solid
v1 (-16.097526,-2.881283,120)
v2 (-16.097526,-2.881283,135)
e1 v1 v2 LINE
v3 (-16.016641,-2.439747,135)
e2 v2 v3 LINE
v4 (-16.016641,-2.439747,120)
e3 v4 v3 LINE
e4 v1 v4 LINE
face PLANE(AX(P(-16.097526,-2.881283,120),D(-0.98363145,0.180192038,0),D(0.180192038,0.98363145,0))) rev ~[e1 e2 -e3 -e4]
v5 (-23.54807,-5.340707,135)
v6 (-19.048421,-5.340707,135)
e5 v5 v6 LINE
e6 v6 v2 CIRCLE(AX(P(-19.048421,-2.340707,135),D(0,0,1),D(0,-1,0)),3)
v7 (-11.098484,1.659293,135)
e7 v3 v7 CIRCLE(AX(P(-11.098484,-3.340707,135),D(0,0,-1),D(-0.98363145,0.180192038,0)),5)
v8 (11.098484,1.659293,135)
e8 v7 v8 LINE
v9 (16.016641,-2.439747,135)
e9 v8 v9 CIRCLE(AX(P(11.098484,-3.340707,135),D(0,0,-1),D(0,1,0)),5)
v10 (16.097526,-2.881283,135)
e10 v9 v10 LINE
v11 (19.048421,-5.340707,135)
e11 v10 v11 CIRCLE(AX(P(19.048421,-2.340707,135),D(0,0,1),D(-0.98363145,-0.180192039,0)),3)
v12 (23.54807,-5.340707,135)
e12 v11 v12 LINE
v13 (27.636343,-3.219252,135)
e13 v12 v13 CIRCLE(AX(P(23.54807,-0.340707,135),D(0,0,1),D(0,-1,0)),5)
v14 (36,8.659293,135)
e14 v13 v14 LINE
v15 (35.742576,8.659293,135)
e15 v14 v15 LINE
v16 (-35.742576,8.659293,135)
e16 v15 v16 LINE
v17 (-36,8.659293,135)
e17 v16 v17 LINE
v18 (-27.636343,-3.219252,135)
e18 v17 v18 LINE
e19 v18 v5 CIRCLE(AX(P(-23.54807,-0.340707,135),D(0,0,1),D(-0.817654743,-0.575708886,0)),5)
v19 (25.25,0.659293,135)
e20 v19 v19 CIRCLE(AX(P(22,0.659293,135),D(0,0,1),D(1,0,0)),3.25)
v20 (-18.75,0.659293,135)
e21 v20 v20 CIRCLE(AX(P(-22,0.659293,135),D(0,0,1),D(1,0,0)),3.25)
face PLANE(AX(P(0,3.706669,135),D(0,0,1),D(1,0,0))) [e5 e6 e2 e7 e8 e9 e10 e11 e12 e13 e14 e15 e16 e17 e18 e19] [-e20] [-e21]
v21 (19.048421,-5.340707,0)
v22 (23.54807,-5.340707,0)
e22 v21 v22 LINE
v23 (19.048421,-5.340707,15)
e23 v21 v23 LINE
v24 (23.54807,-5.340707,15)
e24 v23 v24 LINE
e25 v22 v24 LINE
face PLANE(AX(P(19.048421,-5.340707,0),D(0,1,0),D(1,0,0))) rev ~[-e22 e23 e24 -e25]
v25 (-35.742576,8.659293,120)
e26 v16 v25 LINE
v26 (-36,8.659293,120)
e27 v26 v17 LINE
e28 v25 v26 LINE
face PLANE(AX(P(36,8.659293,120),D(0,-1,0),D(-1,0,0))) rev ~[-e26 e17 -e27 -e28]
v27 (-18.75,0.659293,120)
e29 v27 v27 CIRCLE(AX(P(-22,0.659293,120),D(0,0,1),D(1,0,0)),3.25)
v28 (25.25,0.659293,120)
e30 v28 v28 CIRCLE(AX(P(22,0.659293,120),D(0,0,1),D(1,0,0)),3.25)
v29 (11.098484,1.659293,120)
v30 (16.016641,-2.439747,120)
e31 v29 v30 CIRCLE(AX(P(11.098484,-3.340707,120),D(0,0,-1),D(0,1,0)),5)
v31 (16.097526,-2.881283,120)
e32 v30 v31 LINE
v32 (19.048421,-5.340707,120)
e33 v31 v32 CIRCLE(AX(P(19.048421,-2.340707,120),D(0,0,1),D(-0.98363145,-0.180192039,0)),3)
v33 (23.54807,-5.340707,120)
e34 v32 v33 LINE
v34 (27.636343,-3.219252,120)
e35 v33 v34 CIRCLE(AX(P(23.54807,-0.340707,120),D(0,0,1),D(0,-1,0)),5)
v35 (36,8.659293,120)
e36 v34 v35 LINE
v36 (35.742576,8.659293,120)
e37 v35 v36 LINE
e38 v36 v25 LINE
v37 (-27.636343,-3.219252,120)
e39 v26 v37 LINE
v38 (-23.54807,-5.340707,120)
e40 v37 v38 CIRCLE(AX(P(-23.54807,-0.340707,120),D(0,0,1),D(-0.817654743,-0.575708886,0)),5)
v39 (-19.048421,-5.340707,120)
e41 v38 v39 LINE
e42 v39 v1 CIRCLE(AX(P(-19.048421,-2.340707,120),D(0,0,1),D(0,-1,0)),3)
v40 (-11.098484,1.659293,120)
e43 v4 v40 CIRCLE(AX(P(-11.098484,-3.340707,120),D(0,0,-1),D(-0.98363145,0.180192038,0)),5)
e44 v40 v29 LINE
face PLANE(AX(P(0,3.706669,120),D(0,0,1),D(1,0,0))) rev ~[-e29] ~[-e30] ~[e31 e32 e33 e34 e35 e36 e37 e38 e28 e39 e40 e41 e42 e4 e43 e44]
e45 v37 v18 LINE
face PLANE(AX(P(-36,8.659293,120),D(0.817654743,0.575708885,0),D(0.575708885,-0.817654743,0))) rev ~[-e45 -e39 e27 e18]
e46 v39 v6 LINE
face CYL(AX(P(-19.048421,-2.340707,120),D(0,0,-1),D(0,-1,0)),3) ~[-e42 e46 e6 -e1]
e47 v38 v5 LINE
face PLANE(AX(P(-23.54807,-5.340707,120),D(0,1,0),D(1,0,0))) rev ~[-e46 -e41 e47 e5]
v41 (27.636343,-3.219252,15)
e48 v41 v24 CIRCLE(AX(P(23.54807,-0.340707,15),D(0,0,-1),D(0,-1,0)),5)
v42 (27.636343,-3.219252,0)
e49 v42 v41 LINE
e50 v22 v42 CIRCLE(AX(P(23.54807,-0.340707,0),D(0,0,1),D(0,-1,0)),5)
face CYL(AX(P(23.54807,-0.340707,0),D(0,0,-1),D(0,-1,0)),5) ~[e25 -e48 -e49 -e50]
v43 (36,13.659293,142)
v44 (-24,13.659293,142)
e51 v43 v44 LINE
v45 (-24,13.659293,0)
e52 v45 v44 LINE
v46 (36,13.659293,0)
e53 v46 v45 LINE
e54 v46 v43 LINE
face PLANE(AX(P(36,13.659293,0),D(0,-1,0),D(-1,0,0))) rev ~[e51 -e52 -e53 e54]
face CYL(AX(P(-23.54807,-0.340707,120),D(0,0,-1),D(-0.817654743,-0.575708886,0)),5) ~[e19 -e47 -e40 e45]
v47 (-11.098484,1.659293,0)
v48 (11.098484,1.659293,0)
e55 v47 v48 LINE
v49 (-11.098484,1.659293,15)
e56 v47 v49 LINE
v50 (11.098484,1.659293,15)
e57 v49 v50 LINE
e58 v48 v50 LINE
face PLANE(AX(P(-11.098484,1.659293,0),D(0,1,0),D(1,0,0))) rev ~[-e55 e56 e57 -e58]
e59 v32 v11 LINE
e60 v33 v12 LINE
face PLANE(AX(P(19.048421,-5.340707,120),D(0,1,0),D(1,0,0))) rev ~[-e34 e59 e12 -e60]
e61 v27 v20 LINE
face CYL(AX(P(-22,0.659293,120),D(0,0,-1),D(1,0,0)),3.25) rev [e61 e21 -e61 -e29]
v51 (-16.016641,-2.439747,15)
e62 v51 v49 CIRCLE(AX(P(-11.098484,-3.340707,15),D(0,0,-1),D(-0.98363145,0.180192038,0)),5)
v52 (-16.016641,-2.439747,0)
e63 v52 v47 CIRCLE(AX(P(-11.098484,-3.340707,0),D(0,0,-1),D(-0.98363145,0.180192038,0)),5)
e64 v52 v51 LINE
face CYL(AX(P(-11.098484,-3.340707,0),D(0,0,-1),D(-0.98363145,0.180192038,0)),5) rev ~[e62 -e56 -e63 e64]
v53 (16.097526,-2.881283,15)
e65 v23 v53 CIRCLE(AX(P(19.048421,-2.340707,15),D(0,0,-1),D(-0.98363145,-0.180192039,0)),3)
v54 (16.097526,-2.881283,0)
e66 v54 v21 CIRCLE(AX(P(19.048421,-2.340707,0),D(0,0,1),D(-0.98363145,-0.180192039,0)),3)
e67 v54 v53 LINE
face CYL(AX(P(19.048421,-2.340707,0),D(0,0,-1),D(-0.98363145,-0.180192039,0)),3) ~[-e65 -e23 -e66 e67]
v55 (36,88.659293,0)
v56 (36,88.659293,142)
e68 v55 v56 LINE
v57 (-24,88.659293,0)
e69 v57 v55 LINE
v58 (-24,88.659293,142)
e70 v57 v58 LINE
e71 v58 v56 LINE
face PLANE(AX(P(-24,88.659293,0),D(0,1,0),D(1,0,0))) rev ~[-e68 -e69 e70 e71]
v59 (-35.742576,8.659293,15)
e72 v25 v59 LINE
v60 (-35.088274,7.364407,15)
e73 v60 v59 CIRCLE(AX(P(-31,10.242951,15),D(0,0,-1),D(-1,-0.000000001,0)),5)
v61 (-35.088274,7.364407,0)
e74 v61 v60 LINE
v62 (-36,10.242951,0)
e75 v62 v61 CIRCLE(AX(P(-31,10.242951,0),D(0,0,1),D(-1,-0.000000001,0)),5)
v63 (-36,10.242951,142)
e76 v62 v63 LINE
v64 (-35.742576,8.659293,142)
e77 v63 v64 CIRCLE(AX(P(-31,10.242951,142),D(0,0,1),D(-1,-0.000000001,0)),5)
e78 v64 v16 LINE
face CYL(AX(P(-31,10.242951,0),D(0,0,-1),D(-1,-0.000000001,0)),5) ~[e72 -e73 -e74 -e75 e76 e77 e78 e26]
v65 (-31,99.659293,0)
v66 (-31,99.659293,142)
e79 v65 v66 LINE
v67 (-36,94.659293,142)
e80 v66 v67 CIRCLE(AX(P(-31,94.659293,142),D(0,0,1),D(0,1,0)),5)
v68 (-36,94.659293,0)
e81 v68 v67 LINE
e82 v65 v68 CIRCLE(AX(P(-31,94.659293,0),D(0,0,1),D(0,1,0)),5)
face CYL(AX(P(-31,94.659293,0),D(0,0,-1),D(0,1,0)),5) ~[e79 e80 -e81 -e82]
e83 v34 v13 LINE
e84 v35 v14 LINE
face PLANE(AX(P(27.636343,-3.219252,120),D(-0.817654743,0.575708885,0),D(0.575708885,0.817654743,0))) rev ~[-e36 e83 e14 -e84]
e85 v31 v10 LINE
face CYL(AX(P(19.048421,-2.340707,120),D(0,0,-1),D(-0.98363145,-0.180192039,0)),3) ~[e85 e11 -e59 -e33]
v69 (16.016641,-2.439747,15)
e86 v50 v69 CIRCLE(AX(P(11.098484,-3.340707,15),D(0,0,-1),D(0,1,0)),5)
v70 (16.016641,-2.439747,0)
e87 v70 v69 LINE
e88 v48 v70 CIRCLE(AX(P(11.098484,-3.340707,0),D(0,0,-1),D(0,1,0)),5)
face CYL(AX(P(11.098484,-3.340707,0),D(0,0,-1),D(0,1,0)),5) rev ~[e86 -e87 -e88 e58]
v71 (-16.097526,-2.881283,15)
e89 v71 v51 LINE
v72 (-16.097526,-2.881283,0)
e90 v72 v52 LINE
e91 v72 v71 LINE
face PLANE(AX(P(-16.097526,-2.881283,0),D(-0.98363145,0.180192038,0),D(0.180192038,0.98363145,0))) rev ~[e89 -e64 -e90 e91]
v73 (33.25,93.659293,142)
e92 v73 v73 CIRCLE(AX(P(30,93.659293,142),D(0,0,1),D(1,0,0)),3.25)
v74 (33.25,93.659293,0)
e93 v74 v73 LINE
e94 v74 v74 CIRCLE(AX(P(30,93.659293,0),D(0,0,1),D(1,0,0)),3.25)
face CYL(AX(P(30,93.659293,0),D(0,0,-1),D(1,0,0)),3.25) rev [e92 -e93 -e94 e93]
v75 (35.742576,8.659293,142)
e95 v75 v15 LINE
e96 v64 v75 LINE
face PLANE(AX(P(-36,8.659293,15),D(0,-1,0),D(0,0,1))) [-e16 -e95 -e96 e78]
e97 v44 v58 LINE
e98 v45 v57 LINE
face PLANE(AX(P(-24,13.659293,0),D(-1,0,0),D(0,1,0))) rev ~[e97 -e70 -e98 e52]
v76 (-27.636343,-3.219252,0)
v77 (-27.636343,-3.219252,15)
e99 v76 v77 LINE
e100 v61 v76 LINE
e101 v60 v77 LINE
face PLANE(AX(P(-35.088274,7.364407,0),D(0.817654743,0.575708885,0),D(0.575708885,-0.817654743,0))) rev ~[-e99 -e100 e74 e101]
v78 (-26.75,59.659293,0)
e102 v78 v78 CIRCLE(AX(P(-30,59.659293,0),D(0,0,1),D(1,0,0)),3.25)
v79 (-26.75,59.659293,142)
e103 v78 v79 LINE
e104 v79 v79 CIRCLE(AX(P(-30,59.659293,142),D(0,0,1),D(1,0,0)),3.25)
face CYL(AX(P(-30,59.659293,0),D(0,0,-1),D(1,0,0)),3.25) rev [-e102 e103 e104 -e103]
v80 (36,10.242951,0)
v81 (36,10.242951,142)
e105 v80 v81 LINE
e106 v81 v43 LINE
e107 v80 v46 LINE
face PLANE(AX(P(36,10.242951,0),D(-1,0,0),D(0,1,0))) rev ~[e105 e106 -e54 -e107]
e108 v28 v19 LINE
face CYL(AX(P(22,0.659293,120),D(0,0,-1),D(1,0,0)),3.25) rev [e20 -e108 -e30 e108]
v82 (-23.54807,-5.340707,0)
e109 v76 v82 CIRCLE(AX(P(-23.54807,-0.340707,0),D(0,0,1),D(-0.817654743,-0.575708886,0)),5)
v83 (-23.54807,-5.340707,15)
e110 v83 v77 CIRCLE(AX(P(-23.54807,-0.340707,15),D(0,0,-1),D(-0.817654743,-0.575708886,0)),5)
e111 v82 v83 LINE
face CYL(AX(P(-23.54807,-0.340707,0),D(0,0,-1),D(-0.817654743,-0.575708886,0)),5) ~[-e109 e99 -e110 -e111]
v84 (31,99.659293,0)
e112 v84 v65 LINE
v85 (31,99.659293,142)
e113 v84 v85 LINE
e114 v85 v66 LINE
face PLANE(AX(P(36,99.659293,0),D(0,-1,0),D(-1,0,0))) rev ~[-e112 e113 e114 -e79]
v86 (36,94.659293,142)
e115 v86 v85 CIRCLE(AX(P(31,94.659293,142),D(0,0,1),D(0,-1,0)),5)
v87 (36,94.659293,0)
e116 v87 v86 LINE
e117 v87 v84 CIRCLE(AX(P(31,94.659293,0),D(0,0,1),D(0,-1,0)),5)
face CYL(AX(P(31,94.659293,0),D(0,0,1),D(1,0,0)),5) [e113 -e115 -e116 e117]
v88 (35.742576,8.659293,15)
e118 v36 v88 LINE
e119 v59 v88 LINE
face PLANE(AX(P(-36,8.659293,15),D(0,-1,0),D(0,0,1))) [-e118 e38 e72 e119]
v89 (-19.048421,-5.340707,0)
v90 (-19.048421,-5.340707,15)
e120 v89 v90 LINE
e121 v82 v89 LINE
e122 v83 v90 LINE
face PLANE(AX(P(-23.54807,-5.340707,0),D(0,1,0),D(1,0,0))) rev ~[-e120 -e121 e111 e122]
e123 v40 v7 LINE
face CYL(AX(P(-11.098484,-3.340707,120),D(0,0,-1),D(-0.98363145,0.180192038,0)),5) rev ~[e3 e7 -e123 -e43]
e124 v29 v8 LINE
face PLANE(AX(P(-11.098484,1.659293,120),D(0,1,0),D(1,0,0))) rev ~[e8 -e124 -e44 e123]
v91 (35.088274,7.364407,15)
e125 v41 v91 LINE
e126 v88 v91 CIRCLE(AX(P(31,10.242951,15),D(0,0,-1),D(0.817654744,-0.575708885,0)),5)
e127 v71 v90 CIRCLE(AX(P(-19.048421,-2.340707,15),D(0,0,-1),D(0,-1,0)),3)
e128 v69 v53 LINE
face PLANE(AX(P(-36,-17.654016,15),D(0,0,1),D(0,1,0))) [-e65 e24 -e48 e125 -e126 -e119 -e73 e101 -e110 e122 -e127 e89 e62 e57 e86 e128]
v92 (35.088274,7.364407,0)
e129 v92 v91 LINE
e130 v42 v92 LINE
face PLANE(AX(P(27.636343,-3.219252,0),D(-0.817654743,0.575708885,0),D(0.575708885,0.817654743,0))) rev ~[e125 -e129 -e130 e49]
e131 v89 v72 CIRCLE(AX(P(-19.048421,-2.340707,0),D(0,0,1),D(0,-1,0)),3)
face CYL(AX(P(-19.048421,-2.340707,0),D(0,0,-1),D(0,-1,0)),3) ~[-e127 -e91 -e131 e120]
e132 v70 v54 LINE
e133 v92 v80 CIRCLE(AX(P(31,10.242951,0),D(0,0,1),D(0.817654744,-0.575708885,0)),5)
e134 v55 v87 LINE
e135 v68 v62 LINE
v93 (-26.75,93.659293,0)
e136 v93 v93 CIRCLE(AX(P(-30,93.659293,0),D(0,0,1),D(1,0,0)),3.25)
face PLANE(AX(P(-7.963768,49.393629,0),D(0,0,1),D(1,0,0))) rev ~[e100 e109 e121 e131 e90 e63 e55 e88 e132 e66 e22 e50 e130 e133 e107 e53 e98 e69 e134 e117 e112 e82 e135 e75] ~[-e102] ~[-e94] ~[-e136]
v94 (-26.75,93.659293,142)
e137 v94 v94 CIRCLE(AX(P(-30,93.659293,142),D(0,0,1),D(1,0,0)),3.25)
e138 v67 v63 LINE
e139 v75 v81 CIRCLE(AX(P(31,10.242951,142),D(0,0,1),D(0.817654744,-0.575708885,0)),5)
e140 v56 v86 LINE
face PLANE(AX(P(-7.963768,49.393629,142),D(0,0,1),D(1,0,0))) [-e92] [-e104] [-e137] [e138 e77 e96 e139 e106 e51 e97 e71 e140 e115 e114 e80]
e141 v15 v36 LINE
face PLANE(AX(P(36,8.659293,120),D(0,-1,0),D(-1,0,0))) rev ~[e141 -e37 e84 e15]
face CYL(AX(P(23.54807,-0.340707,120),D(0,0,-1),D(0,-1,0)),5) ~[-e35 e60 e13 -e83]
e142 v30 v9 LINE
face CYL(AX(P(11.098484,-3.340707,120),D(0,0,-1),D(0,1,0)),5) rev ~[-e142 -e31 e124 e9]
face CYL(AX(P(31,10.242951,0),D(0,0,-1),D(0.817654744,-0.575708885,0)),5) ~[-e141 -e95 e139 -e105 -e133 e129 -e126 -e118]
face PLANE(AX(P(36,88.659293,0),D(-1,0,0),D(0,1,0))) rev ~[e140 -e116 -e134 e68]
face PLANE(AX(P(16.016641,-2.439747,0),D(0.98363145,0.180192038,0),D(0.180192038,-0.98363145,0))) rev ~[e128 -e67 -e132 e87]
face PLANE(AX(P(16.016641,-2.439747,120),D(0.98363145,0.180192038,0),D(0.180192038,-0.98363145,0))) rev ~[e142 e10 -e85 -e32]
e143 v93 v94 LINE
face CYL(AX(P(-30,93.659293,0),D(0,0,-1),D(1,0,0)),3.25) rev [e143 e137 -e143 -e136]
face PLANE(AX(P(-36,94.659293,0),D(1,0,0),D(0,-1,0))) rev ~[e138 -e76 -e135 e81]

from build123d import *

# Parameters (mm, degrees)
SKETCH1_R           = 3.25
BOSS_EXTRUDE1_DEPTH = 142
SKETCH2_W           = 127
SKETCH2_H           = 26.313308587
CUT_EXTRUDE1_DEPTH  = 73
FILLET1_R           = 5
SKETCH3_R           = 3.25
BOSS_EXTRUDE2_DEPTH = 15


with BuildPart() as part:
    # Sketch1 → Boss-Extrude1 (new body)
    with BuildSketch(Plane.XY):
        with BuildLine():
            Line((36, 88.659292886), (36, 99.659292886))
            Line((36, 99.659292886), (-31, 99.659292886))
            ThreePointArc((-31, 99.659292886), (-34.535533906, 98.194826792), (-36, 94.659292886))
            Line((-36, 94.659292886), (-36, 10.242951409))
            ThreePointArc((-36, 10.242951409), (-35.766621895, 8.733211131), (-35.088273717, 7.364406982))
            Line((-35.088273717, 7.364406982), (-27.636343301, -3.219251541))
            ThreePointArc((-27.636343301, -3.219251541), (-25.851032661, -4.778765368), (-23.548069585, -5.340707114))
            Line((-23.548069585, -5.340707114), (-19.04842059, -5.340707114))
            ThreePointArc((-19.04842059, -5.340707114), (-17.127708267, -4.64523834), (-16.09752624, -2.881283229))
            Line((-16.09752624, -2.881283229), (-16.016640938, -2.439746922))
            ThreePointArc((-16.016640938, -2.439746922), (-14.299670893, 0.500178263), (-11.098483688, 1.659292886))
            Line((-11.098483688, 1.659292886), (11.098483688, 1.659292886))
            ThreePointArc((11.098483688, 1.659292886), (14.299670893, 0.500178263), (16.016640938, -2.439746922))
            Line((16.016640938, -2.439746922), (16.09752624, -2.881283229))
            ThreePointArc((16.09752624, -2.881283229), (17.127708267, -4.64523834), (19.04842059, -5.340707114))
            Line((19.04842059, -5.340707114), (23.548069585, -5.340707114))
            ThreePointArc((23.548069585, -5.340707114), (25.851032661, -4.778765368), (27.636343301, -3.219251541))
            Line((27.636343301, -3.219251541), (35.088273717, 7.364406982))
            ThreePointArc((35.088273717, 7.364406982), (35.766621895, 8.733211131), (36, 10.242951409))
            Line((36, 10.242951409), (36, 13.659292886))
            Line((36, 13.659292886), (-24, 13.659292886))
            Line((-24, 13.659292886), (-24, 88.659292886))
            Line((-24, 88.659292886), (36, 88.659292886))
        make_face()
        with Locations((30, 93.659292886)):
            Circle(SKETCH1_R, mode=Mode.SUBTRACT)
        with Locations((-30, 93.659292886)):
            Circle(SKETCH1_R, mode=Mode.SUBTRACT)
        with Locations((-30, 59.659292886)):
            Circle(SKETCH1_R, mode=Mode.SUBTRACT)
    extrude(amount=BOSS_EXTRUDE1_DEPTH)

    # Sketch2 → Cut-Extrude1 (cut, through all)
    with BuildSketch(Plane.ZY.offset(36)):
        with Locations((78.5, -4.497361408)):
            Rectangle(SKETCH2_W, SKETCH2_H)
    extrude(amount=-CUT_EXTRUDE1_DEPTH, mode=Mode.SUBTRACT)

    # Fillet1
    fillet1_edges = [part.edges().sort_by_distance(p)[0] for p in [
        (36, 99.659292886, 71),
    ]]
    fillet(fillet1_edges, radius=FILLET1_R)

    # Sketch3 → Boss-Extrude2 (add)
    with BuildSketch(Plane.XY.offset(120)):
        with BuildLine():
            Line((-36, 8.659292886), (-27.636343301, -3.219251541))
            ThreePointArc((-27.636343301, -3.219251541), (-25.851032661, -4.778765368), (-23.548069585, -5.340707114))
            Line((-23.548069585, -5.340707114), (-19.04842059, -5.340707114))
            ThreePointArc((-19.04842059, -5.340707114), (-17.127708267, -4.64523834), (-16.09752624, -2.881283229))
            Line((-16.09752624, -2.881283229), (-16.016640938, -2.439746922))
            ThreePointArc((-16.016640938, -2.439746922), (-14.299670893, 0.500178263), (-11.098483688, 1.659292886))
            Line((-11.098483688, 1.659292886), (11.098483688, 1.659292886))
            ThreePointArc((11.098483688, 1.659292886), (14.299670893, 0.500178263), (16.016640938, -2.439746922))
            Line((16.016640938, -2.439746922), (16.09752624, -2.881283229))
            ThreePointArc((16.09752624, -2.881283229), (17.127708267, -4.64523834), (19.04842059, -5.340707114))
            Line((19.04842059, -5.340707114), (23.548069585, -5.340707114))
            ThreePointArc((23.548069585, -5.340707114), (25.851032661, -4.778765368), (27.636343301, -3.219251541))
            Line((27.636343301, -3.219251541), (36, 8.659292886))
            Line((36, 8.659292886), (-36, 8.659292886))
        make_face()
        with Locations((-22, 0.659292886)):
            Circle(SKETCH3_R, mode=Mode.SUBTRACT)
        with Locations((22, 0.659292886)):
            Circle(SKETCH3_R, mode=Mode.SUBTRACT)
    extrude(amount=BOSS_EXTRUDE2_DEPTH)


solid = part.part
